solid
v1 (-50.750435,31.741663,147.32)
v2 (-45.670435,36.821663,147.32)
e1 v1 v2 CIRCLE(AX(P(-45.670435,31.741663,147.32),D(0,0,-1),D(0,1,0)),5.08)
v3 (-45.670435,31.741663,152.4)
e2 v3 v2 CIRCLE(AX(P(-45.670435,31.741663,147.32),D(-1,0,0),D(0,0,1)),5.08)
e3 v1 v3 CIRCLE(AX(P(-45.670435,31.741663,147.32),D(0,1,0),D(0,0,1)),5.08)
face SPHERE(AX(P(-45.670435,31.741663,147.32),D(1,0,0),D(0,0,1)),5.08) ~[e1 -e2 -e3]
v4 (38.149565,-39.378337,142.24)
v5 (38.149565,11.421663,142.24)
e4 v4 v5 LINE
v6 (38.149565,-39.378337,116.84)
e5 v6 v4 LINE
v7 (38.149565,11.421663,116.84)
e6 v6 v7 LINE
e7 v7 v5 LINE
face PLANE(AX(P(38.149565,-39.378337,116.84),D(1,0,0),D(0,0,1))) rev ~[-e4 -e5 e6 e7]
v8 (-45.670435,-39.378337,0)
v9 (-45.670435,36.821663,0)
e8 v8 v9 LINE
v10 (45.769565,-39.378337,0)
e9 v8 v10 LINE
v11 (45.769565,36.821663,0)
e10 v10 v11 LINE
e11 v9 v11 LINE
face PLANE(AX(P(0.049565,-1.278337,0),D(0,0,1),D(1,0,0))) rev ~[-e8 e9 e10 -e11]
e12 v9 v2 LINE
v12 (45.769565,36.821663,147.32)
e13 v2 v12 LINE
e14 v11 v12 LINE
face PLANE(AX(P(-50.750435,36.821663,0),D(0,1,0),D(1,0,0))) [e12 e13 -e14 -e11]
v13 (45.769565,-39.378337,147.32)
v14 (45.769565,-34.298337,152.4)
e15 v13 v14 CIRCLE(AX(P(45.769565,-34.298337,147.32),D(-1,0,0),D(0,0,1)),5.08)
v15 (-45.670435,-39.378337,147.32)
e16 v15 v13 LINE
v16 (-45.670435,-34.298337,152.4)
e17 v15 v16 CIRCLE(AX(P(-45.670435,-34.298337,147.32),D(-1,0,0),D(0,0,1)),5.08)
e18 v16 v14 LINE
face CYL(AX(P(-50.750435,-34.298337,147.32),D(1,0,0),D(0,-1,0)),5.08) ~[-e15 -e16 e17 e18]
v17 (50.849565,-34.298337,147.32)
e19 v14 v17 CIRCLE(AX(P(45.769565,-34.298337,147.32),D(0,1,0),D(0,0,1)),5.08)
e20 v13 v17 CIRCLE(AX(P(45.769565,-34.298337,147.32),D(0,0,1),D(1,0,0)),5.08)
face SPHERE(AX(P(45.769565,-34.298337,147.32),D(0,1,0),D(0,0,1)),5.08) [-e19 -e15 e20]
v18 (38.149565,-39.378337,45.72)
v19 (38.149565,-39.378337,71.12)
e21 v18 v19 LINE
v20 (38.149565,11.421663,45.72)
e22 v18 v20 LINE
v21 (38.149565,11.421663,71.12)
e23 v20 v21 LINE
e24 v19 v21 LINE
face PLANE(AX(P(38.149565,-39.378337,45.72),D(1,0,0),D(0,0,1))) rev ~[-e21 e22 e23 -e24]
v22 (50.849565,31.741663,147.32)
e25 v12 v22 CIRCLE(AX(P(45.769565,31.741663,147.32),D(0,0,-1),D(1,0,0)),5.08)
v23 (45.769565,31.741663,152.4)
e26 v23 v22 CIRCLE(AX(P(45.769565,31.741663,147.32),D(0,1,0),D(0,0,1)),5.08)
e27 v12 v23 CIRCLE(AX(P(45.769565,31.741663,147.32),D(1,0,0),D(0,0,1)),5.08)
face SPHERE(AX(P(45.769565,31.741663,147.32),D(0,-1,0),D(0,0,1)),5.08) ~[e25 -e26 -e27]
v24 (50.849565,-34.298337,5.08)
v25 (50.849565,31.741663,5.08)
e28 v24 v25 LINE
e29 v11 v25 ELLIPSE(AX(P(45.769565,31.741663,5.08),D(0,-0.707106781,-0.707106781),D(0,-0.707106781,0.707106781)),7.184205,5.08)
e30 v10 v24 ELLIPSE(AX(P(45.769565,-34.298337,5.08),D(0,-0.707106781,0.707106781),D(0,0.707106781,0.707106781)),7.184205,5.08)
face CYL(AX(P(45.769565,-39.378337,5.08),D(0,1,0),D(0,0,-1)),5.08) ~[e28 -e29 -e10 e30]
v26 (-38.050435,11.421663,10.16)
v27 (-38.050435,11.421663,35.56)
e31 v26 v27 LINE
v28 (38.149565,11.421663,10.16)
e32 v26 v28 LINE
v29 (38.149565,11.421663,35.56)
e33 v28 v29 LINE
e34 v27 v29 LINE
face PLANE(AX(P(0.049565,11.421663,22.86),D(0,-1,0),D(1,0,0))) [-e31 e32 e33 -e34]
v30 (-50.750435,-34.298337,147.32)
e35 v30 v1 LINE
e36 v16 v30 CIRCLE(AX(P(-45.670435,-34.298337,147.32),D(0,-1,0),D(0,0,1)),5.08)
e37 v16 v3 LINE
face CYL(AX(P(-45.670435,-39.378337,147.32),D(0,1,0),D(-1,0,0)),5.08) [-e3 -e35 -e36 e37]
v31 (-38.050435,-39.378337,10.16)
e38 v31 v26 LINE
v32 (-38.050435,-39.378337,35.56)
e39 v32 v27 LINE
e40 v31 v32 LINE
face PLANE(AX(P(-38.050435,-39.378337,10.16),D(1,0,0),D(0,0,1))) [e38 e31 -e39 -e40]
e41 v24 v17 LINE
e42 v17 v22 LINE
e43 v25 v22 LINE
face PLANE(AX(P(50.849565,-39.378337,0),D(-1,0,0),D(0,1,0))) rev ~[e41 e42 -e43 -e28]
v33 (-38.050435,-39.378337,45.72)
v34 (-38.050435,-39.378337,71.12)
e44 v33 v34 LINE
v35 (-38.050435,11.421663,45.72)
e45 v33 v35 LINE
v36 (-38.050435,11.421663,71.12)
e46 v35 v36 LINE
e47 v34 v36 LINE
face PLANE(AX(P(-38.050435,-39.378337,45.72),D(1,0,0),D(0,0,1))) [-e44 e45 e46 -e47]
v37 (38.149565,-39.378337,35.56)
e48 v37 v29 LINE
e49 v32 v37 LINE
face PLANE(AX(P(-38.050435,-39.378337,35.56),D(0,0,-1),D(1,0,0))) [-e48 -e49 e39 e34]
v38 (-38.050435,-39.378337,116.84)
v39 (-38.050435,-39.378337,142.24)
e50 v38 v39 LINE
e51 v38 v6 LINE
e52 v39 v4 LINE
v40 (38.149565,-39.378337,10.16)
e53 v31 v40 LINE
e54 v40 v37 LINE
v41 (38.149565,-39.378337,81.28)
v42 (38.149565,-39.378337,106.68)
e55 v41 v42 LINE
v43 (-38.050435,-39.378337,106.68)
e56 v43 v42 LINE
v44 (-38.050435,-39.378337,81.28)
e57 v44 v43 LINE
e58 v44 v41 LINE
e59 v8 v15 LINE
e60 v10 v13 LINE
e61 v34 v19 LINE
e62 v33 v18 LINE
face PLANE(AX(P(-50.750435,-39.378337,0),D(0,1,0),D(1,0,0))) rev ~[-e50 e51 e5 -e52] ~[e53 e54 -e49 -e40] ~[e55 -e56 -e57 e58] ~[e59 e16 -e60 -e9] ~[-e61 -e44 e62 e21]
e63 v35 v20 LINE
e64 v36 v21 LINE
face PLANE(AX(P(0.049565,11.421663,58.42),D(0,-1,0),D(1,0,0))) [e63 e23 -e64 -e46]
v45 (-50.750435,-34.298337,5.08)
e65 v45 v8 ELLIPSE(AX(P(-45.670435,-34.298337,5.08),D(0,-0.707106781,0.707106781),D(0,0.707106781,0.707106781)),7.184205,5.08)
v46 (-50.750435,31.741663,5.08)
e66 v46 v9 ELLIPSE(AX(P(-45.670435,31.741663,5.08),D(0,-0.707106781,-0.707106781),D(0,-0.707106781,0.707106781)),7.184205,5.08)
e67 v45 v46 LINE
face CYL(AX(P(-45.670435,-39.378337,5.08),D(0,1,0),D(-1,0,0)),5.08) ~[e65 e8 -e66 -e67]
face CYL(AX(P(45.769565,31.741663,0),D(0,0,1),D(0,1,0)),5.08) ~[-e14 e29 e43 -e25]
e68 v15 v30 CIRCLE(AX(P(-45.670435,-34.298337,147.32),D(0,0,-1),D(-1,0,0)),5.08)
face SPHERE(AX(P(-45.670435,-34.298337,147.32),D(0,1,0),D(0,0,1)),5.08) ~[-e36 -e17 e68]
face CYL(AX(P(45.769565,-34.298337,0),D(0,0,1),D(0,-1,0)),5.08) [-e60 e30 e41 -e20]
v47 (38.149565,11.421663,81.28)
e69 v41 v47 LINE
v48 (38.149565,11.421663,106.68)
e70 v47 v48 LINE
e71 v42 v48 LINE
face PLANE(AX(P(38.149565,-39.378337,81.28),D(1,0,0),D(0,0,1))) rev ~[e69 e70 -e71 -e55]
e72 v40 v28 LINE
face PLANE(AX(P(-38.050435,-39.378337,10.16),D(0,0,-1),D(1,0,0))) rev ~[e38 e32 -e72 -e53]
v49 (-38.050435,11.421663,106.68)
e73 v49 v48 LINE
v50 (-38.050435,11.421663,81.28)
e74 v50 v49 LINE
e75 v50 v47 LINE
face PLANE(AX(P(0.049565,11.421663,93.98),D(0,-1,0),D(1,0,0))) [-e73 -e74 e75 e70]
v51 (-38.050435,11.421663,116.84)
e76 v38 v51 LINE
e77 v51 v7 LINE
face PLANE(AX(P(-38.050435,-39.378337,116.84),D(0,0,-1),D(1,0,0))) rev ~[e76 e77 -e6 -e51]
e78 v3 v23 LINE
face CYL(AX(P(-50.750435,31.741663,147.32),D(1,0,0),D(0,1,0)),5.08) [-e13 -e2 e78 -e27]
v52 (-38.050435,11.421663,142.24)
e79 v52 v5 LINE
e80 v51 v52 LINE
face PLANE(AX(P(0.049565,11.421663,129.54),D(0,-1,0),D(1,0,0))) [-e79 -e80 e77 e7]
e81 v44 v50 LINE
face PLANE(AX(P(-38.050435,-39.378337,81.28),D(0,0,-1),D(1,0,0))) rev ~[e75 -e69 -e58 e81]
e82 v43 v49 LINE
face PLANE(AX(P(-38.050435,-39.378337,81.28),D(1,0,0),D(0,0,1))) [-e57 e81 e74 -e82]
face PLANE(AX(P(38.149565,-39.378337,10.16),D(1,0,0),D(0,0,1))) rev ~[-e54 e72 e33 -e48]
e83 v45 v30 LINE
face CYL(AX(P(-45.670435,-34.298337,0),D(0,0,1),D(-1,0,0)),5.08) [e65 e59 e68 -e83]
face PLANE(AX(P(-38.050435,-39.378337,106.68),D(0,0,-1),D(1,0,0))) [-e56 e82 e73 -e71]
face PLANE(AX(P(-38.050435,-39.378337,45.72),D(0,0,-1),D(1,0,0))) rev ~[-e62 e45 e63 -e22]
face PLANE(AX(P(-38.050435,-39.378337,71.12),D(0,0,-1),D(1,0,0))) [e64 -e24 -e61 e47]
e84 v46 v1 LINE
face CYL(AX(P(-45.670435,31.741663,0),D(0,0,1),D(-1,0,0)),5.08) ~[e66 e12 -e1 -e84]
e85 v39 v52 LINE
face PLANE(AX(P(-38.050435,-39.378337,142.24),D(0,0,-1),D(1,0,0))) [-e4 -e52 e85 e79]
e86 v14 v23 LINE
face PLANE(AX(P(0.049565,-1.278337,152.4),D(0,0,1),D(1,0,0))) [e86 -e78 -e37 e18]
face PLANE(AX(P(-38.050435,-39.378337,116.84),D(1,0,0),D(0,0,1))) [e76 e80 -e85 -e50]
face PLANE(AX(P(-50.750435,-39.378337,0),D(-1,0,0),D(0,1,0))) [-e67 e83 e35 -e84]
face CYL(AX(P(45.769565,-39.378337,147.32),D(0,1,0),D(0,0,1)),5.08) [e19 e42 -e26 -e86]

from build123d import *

# Parameters (mm, degrees)
F0_W     = 101.6
F0_H     = 76.2
F1_DEPTH = 152.4
F2_W     = 76.2
F2_H     = 25.4
F3_DEPTH = 50.8
F4_R     = 5.08


with BuildPart() as f1:
    # F0 (on Top) → F1 (new body)
    with BuildSketch(Plane.XY):
        with Locations((0.049565, -1.278337)):
            Rectangle(F0_W, F0_H)
    extrude(amount=F1_DEPTH)

    # F2 (on face) → F3 (cut)
    with BuildSketch(Plane.XZ.offset(39.378337)):
        with Locations((0.049565, 129.54)):
            Rectangle(F2_W, F2_H)
        with Locations((0.049565, 93.98)):
            Rectangle(F2_W, F2_H)
        with Locations((0.049565, 58.42)):
            Rectangle(F2_W, F2_H)
        with Locations((0.049565, 22.86)):
            Rectangle(F2_W, F2_H)
    extrude(amount=-F3_DEPTH, mode=Mode.SUBTRACT)

    # F4
    f4_edges = [f1.edges().sort_by_distance(p)[0] for p in [
        (50.849565, -1.278337, 152.4),
        (0.049565, 36.821663, 152.4),
        (-50.750435, -1.278337, 152.4),
        (0.049565, -39.378337, 152.4),
        (50.849565, -39.378337, 76.2),
        (50.849565, 36.821663, 76.2),
        (50.849565, -1.278337, 0),
        (-50.750435, 36.821663, 76.2),
        (-50.750435, -39.378337, 76.2),
        (-50.750435, -1.278337, 0),
    ]]
    fillet(f4_edges, radius=F4_R)


solid = f1.part
